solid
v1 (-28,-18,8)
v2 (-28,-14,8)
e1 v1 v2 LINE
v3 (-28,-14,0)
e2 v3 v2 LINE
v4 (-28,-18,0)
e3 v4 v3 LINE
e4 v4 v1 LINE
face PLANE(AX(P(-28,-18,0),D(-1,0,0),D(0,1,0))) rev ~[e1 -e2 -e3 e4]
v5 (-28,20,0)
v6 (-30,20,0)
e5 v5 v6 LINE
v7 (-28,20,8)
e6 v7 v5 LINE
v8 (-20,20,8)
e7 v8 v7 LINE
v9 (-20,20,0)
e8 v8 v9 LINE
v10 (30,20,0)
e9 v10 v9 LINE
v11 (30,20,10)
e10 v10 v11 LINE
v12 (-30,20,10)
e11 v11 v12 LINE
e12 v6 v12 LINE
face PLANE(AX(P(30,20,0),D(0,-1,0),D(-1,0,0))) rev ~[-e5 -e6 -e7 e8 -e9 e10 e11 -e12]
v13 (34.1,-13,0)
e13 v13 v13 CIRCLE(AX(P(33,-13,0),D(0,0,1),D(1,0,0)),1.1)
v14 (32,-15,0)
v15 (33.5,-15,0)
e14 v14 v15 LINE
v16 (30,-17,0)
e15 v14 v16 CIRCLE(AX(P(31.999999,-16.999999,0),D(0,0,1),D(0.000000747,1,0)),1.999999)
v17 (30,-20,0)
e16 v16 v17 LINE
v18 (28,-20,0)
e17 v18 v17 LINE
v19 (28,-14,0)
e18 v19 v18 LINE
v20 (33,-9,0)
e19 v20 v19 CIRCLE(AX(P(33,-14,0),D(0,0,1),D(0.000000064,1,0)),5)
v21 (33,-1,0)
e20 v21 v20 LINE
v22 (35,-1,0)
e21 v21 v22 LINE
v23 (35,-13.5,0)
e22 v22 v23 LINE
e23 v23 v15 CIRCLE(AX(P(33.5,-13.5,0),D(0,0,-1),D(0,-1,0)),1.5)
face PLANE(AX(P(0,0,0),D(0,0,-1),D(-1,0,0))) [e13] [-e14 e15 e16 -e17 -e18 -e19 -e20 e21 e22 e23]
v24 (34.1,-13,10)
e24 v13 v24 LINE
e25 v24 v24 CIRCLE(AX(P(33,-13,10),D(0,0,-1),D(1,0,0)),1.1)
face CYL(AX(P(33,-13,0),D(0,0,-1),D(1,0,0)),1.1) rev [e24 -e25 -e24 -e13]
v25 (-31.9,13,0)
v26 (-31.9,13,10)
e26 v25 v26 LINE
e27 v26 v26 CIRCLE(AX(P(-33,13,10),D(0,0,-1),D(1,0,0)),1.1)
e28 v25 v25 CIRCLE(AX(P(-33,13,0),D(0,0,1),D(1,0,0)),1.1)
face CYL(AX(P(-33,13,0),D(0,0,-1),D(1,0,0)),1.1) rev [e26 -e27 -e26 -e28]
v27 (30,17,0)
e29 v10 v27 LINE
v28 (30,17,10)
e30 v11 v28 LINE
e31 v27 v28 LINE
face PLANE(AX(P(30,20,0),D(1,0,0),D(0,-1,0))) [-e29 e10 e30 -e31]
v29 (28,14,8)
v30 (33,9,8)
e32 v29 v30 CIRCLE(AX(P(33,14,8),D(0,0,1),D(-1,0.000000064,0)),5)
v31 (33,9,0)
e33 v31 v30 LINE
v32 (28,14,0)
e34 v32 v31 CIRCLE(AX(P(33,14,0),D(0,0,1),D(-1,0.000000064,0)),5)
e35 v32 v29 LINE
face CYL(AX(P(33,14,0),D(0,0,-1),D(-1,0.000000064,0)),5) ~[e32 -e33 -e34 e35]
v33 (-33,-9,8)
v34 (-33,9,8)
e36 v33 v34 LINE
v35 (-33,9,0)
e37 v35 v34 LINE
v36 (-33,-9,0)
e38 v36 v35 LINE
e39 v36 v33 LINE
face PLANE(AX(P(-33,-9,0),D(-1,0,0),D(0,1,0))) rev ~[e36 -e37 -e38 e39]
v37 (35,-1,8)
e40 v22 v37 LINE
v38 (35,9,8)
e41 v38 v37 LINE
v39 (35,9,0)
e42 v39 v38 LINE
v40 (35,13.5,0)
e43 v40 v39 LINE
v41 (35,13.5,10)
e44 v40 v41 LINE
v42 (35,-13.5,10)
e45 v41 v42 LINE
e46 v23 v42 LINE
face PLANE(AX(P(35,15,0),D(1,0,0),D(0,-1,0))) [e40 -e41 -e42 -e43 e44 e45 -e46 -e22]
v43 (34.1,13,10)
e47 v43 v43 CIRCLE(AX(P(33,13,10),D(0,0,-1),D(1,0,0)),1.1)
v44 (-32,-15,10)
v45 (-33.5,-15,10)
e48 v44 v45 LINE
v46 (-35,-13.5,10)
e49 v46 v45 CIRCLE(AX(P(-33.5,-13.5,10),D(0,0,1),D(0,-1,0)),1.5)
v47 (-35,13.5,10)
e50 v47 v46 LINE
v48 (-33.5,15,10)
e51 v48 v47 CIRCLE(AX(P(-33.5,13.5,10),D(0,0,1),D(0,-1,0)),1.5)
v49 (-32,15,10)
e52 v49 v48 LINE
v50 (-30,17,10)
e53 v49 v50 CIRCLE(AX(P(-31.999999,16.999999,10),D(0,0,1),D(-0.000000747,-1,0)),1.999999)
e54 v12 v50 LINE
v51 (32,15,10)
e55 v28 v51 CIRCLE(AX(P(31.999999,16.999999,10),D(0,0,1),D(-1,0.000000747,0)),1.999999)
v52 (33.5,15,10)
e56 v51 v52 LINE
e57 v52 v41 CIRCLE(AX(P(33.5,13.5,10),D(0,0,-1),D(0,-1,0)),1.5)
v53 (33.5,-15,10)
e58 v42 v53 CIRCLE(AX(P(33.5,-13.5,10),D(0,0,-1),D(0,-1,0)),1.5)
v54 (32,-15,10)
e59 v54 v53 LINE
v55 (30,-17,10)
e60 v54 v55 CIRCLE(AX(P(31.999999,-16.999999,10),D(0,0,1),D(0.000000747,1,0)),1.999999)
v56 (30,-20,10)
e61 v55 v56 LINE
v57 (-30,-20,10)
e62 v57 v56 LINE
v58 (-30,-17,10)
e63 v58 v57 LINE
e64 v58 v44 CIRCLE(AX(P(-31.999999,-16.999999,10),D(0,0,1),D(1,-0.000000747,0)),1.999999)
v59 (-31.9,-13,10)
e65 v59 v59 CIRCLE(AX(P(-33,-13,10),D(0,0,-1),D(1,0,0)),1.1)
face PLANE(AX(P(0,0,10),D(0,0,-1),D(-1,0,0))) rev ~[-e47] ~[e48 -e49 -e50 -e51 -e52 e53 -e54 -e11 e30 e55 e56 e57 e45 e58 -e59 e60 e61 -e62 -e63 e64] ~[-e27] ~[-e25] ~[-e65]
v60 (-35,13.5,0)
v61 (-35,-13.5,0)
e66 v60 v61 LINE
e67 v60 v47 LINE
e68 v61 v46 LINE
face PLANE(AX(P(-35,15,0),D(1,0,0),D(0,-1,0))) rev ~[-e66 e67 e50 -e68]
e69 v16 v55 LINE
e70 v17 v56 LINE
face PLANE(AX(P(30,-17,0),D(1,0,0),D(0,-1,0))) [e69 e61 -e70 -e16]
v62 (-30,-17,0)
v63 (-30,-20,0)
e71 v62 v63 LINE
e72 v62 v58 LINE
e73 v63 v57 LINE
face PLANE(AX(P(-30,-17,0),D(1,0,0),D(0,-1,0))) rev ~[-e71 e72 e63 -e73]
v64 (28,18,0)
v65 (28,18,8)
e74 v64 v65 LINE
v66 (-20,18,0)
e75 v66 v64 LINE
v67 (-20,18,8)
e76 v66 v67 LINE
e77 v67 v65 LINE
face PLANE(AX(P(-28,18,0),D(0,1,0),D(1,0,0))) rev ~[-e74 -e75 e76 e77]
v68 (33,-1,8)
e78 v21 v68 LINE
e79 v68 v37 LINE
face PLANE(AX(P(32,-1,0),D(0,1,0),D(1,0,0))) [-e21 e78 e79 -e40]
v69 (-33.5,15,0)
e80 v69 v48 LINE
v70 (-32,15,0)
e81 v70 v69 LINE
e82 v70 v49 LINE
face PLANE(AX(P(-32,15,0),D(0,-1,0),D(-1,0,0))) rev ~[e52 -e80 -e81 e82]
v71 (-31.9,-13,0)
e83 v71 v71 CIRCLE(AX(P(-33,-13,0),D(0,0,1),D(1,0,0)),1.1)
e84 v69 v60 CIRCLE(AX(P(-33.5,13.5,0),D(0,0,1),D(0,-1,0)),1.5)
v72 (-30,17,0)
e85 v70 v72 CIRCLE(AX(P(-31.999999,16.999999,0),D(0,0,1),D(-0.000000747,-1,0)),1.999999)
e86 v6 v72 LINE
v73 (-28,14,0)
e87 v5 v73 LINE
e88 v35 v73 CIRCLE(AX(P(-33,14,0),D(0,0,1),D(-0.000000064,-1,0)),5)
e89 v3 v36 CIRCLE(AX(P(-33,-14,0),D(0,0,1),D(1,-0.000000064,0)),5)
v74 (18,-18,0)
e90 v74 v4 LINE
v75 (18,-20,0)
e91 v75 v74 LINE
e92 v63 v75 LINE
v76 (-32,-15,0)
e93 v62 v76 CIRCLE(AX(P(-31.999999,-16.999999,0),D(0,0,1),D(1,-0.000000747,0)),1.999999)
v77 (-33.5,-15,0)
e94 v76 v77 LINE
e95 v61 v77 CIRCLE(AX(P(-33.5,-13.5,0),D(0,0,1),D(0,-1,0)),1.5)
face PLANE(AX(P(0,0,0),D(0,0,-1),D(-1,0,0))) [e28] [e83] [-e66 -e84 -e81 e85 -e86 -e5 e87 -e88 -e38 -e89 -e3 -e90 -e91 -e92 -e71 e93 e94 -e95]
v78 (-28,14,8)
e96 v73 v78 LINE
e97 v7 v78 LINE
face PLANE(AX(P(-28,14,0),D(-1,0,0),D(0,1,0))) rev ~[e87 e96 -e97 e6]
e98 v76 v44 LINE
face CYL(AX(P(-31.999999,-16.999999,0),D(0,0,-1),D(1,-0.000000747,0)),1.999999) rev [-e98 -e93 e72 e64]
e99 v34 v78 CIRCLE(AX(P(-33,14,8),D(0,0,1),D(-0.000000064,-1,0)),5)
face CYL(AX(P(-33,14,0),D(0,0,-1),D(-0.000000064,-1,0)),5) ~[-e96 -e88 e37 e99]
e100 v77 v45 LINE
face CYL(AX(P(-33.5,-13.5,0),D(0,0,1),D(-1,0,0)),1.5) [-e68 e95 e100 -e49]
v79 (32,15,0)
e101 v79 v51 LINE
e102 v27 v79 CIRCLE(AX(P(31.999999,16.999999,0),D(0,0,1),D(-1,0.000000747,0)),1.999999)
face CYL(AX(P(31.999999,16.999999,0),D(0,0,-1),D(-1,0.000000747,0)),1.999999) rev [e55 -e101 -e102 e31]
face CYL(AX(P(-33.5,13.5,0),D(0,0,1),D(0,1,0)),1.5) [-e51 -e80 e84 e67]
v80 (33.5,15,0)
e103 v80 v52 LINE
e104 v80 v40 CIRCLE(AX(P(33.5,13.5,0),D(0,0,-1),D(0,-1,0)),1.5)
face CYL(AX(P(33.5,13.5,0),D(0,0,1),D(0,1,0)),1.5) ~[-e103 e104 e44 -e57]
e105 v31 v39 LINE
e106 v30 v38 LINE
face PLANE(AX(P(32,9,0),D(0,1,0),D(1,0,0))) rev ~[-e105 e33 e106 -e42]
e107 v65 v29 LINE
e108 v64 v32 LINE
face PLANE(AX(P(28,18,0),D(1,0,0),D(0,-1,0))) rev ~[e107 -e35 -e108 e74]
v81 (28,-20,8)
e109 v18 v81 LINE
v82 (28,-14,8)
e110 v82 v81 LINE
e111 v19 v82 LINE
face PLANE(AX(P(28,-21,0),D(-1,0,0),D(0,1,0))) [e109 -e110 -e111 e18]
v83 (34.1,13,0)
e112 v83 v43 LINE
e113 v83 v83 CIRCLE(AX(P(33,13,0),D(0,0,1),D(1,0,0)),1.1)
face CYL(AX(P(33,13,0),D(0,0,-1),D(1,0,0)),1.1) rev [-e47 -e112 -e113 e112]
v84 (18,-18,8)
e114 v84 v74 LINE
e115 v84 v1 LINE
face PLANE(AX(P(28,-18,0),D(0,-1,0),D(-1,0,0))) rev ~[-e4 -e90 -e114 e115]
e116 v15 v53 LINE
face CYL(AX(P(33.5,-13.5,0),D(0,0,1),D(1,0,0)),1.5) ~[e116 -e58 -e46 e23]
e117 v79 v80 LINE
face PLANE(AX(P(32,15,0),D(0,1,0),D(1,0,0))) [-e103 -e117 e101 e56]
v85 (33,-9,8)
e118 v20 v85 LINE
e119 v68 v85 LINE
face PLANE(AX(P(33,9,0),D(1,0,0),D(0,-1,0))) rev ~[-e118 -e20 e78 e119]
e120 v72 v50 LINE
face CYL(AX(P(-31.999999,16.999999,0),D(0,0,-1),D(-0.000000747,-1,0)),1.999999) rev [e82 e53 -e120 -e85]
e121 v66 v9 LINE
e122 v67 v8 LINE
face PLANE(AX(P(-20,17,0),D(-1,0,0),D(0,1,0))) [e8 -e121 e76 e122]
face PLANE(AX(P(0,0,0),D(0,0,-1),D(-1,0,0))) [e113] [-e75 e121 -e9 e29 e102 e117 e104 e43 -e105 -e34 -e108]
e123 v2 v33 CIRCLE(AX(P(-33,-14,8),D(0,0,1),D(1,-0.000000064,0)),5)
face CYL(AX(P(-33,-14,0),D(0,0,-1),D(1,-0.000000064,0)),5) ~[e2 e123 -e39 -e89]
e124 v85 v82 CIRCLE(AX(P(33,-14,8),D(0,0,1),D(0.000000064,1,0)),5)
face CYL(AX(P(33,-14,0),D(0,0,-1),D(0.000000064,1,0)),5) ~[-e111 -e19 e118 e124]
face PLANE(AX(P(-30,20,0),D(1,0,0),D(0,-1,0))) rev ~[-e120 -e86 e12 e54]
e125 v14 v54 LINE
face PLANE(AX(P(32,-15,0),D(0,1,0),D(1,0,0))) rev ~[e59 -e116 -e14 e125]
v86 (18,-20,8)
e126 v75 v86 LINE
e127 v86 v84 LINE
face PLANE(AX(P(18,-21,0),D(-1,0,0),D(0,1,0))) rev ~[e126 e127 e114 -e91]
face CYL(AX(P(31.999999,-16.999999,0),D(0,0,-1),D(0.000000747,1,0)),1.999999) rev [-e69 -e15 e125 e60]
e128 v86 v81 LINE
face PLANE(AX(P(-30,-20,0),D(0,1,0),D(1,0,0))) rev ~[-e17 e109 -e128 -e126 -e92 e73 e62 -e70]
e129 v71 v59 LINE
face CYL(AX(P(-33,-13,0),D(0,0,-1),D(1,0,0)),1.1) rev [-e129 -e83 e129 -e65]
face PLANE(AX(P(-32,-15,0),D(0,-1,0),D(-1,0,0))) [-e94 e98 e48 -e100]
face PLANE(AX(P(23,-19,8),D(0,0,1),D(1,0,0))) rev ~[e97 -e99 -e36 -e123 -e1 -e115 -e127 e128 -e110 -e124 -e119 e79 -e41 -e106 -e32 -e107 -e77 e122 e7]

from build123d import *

# Parameters (mm, degrees)
PAD_DEPTH       = 10
SKETCH002_R     = 1.1
HOLE_DEPTH      = 25
POCKET001_DEPTH = 8
SKETCH004_W     = 8
SKETCH004_H     = 4
SKETCH004_W_2   = 10
SKETCH004_W_3   = 4
SKETCH004_H_2   = 10
POCKET002_DEPTH = 8
FILLET_R        = 1.5


with BuildPart() as part:
    # Sketch → Pad (new body)
    with BuildSketch(Plane.XY):
        with BuildLine():
            ThreePointArc((-30, -17), (-30.585786, -15.585786), (-32, -15))
            Line((-32, -15), (-35, -15))
            Line((-35, 15), (-35, -15))
            Line((-32, 15), (-35, 15))
            ThreePointArc((-32, 15), (-30.585786, 15.585786), (-30, 17))
            Line((-30, 20), (-30, 17))
            Line((30, 20), (-30, 20))
            Line((30, 20), (30, 17))
            ThreePointArc((30, 17), (30.585786, 15.585786), (32, 15))
            Line((32, 15), (35, 15))
            Line((35, 15), (35, -15))
            Line((32, -15), (35, -15))
            ThreePointArc((32, -15), (30.585786, -15.585786), (30, -17))
            Line((30, -17), (30, -20))
            Line((-30, -20), (30, -20))
            Line((-30, -17), (-30, -20))
        make_face()
    extrude(amount=PAD_DEPTH)

    # Sketch002 → Hole (cut)
    with BuildSketch(Plane.XY):
        with Locations((33, 13)):
            Circle(SKETCH002_R)
        with Locations((33, -13)):
            Circle(SKETCH002_R)
        with Locations((-33, -13)):
            Circle(SKETCH002_R)
        with Locations((-33, 13)):
            Circle(SKETCH002_R)
    extrude(amount=HOLE_DEPTH, mode=Mode.SUBTRACT)

    # Sketch003 → Pocket001 (cut)
    with BuildSketch(Plane.XY):
        with BuildLine():
            Line((28, -18), (-28, -18))
            Line((-28, -18), (-28, -14))
            ThreePointArc((-28, -14), (-29.464466, -10.464466), (-33, -9))
            Line((-33, -9), (-33, 9))
            ThreePointArc((-33, 9), (-29.464466, 10.464466), (-28, 14))
            Line((-28, 14), (-28, 18))
            Line((-28, 18), (28, 18))
            Line((28, 18), (28, 14))
            ThreePointArc((28, 14), (29.464466, 10.464466), (33, 9))
            Line((33, 9), (33, -9))
            ThreePointArc((33, -9), (29.464466, -10.464466), (28, -14))
            Line((28, -14), (28, -18))
        make_face()
    extrude(amount=POCKET001_DEPTH, mode=Mode.SUBTRACT)

    # Sketch004 → Pocket002 (cut)
    with BuildSketch(Plane.XY):
        with Locations((-24, 19)):
            Rectangle(SKETCH004_W, SKETCH004_H)
        with Locations((23, -19)):
            Rectangle(SKETCH004_W_2, SKETCH004_H)
        with Locations((34, 4)):
            Rectangle(SKETCH004_W_3, SKETCH004_H_2)
    extrude(amount=POCKET002_DEPTH, mode=Mode.SUBTRACT)

    # Fillet
    fillet_edges = [part.edges().sort_by_distance(p)[0] for p in [
        (35, -15, 5),
        (35, 15, 5),
        (-35, -15, 5),
        (-35, 15, 5),
    ]]
    fillet(fillet_edges, radius=FILLET_R)


solid = part.part
